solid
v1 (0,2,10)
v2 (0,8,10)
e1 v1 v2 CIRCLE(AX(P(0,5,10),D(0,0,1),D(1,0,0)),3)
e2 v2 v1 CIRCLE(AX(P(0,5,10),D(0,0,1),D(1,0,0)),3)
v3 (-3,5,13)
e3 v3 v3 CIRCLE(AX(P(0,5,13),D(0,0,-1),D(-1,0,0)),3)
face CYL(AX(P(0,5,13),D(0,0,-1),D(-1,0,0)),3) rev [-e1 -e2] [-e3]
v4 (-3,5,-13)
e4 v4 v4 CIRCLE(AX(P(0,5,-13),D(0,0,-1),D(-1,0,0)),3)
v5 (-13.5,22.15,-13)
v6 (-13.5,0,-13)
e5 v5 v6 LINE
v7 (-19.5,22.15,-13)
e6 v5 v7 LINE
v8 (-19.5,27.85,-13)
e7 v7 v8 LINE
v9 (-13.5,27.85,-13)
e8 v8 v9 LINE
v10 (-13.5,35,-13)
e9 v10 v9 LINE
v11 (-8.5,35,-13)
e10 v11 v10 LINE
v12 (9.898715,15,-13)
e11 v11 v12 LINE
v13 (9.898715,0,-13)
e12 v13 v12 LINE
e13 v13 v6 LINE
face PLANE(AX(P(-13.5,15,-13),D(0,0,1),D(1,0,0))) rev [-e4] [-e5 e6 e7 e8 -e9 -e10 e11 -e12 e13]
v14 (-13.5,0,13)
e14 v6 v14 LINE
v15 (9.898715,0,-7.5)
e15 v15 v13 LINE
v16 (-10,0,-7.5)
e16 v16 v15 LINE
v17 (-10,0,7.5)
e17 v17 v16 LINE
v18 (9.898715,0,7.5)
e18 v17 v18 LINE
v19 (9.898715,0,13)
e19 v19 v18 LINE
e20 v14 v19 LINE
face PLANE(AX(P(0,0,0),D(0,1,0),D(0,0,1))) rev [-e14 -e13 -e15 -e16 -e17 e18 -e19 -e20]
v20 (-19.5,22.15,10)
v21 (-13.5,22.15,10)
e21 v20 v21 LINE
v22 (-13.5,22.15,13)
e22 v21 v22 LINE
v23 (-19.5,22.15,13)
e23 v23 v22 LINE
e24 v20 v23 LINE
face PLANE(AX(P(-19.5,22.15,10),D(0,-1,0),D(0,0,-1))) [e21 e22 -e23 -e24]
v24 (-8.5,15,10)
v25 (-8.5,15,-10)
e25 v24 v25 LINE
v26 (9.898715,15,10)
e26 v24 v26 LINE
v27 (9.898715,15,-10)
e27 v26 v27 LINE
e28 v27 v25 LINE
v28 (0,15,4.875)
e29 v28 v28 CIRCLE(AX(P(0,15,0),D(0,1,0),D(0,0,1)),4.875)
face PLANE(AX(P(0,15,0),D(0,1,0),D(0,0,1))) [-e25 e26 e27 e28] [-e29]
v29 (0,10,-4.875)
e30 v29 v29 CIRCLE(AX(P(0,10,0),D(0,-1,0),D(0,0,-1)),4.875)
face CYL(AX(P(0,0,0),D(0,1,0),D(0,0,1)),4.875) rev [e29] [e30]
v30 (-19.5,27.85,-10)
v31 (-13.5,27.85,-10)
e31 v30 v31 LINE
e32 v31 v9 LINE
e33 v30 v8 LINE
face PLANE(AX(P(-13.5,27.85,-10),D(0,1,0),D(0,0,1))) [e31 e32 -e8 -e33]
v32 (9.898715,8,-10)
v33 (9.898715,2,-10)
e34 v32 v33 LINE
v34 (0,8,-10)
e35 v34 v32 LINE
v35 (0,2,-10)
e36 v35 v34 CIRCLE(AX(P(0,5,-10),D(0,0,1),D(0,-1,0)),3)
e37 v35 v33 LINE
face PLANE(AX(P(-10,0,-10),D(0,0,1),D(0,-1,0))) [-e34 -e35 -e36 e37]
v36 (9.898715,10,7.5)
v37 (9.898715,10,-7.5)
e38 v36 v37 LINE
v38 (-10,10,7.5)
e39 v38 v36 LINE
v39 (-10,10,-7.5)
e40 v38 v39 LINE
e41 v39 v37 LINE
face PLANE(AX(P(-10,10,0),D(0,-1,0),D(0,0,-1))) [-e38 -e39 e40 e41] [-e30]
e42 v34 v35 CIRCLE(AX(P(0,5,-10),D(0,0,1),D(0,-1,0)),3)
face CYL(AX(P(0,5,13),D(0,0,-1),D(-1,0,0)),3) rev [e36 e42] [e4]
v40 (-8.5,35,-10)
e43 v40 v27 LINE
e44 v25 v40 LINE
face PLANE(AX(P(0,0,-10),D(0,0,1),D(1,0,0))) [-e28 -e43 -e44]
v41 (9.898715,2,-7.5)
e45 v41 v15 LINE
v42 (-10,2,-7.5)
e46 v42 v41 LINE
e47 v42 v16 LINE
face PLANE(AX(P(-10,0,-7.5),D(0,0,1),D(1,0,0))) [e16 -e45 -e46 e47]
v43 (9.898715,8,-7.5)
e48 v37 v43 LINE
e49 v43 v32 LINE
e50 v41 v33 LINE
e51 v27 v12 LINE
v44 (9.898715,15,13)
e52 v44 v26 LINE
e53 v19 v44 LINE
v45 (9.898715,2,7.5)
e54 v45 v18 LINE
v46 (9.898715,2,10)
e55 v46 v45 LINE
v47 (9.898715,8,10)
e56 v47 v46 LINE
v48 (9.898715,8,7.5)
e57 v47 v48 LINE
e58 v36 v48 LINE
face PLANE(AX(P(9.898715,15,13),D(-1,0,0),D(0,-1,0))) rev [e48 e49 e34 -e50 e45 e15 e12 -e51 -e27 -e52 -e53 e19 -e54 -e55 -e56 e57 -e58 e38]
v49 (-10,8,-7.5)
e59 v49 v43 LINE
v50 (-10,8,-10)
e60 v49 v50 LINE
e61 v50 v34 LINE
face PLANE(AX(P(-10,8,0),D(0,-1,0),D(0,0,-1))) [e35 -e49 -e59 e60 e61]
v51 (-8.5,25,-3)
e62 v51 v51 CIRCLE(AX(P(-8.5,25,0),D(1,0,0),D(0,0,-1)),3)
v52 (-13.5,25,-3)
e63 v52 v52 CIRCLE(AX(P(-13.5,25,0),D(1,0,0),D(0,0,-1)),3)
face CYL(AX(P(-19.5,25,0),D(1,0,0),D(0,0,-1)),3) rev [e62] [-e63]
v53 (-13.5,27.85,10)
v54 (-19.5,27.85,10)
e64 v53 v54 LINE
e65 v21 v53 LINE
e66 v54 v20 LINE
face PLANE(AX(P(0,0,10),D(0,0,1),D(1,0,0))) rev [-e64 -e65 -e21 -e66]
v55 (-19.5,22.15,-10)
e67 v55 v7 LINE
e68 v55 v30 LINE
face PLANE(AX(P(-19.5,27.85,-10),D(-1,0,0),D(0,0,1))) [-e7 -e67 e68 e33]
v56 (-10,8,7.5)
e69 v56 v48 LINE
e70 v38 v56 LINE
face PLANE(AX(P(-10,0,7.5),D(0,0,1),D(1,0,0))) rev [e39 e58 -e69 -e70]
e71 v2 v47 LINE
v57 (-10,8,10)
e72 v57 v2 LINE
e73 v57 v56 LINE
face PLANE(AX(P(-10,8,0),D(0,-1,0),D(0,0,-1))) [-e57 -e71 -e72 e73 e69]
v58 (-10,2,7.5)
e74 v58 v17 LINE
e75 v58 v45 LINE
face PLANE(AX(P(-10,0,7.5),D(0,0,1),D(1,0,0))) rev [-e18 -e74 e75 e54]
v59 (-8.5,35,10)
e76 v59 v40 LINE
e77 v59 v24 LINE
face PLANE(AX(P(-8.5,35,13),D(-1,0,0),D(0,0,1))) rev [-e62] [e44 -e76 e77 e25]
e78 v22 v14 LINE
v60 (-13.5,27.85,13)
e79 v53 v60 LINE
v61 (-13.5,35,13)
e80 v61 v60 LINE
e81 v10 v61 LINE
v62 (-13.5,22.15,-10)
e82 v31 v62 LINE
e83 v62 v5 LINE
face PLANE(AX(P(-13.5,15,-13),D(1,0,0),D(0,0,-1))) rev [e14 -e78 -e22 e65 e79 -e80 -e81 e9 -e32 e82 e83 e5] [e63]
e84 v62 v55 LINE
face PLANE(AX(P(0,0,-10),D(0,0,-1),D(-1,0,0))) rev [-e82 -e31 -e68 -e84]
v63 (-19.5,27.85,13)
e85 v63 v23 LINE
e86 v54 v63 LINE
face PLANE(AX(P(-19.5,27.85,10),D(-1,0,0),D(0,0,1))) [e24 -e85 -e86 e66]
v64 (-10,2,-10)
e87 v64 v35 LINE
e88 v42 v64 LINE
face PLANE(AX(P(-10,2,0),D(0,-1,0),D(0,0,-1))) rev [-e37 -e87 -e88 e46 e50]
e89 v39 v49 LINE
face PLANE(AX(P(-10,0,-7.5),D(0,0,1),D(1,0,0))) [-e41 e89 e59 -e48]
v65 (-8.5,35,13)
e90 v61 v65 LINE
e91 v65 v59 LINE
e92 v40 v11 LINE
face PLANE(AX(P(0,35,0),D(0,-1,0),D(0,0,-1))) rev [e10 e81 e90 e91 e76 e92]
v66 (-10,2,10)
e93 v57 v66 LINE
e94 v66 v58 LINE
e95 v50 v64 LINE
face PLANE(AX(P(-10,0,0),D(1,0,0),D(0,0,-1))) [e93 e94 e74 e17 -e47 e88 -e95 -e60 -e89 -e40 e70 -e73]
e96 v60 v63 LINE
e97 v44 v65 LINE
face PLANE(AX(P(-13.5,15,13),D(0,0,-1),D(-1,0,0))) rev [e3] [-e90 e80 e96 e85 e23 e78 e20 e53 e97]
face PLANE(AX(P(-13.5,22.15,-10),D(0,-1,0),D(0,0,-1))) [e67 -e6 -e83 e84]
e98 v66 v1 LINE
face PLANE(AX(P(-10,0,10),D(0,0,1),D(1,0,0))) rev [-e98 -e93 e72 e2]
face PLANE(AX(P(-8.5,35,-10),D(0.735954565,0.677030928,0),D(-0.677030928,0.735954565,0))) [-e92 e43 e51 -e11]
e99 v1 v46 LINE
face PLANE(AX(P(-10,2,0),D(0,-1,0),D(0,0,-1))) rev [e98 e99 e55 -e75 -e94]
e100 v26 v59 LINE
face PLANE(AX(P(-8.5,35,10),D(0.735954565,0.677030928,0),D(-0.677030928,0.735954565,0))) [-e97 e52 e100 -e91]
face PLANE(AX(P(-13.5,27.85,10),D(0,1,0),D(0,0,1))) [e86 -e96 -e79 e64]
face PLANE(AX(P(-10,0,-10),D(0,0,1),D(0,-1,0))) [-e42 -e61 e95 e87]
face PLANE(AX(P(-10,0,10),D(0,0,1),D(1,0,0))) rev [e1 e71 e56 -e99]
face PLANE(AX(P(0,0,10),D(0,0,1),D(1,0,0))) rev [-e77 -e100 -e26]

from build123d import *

# Parameters (mm, degrees)
SKETCH1_W           = 27
SKETCH1_H           = 26
BOSS_EXTRUDE1_DEPTH = 15
CUT_EXTRUDE2_DEPTH  = 23.5
SKETCH5_W           = 3.601284645
SKETCH5_H           = 15
CUT_EXTRUDE3_DEPTH  = 33.912763482
SKETCH6_R           = 3
CUT_EXTRUDE4_DEPTH  = 33.912763482
SKETCH7_W           = 5
SKETCH7_H           = 26
BOSS_EXTRUDE2_DEPTH = 20
SKETCH8_W           = 6
SKETCH8_H           = 5.7
BOSS_EXTRUDE3_DEPTH = 3
SKETCH9_W           = 6
SKETCH9_H           = 5.7
BOSS_EXTRUDE4_DEPTH = 3
SKETCH10_R          = 3
CUT_EXTRUDE5_DEPTH  = 42.623463656
SKETCH11_R          = 4.875
CUT_EXTRUDE6_DEPTH  = 31.809901006


with BuildPart() as part:
    # Sketch1 → Boss-Extrude1 (new body)
    with BuildSketch(Plane(origin=(0, 0, 0), x_dir=(1, 0, 0), z_dir=(0, 1, 0))):
        Rectangle(SKETCH1_W, SKETCH1_H)
    extrude(amount=BOSS_EXTRUDE1_DEPTH)

    # Sketch4 → Cut-Extrude2 (cut)
    with BuildSketch(Plane(origin=(13.5, 0, 0), x_dir=(0, 0, -1), z_dir=(1, 0, 0))):
        Polygon((-10, 2), (-7.5, 2), (-7.5, 0), (7.5, 0), (7.5, 2), (10, 2), (10, 8), (7.5, 8), (7.5, 10), (-7.5, 10), (-7.5, 8), (-10, 8), align=None)
    extrude(amount=-CUT_EXTRUDE2_DEPTH, mode=Mode.SUBTRACT)

    # Sketch5 → Cut-Extrude3 (cut, through all)
    with BuildSketch(Plane(origin=(0, 0, -13), x_dir=(-1, 0, 0), z_dir=(0, 0, -1))):
        with Locations((-11.699357678, 7.5)):
            Rectangle(SKETCH5_W, SKETCH5_H)
    extrude(amount=-CUT_EXTRUDE3_DEPTH, mode=Mode.SUBTRACT)

    # Sketch6 → Cut-Extrude4 (cut, through all)
    with BuildSketch(Plane(origin=(0, 0, -13), x_dir=(-1, 0, 0), z_dir=(0, 0, -1))):
        with Locations((0, 5)):
            Circle(SKETCH6_R)
    extrude(amount=-CUT_EXTRUDE4_DEPTH, mode=Mode.SUBTRACT)

    # Sketch7 → Boss-Extrude2 (add)
    with BuildSketch(Plane(origin=(0, 15, 0), x_dir=(1, 0, 0), z_dir=(0, 1, 0))):
        with Locations((-11, 0)):
            Rectangle(SKETCH7_W, SKETCH7_H)
    extrude(amount=BOSS_EXTRUDE2_DEPTH)

    # Sketch8 → Boss-Extrude3 (add)
    with BuildSketch(Plane(origin=(0, 0, -13), x_dir=(-1, 0, 0), z_dir=(0, 0, -1))):
        Polygon((8.5, 35), (-9.898715355, 15), (8.5, 15), align=None)
        with Locations((16.5, 25)):
            Rectangle(SKETCH8_W, SKETCH8_H)
    extrude(amount=-BOSS_EXTRUDE3_DEPTH)

    # Sketch9 → Boss-Extrude4 (add)
    with BuildSketch(Plane.XY.offset(13)):
        Polygon((-8.5, 35), (9.898715355, 15), (-8.5, 15), align=None)
        with Locations((-16.5, 25)):
            Rectangle(SKETCH9_W, SKETCH9_H)
    extrude(amount=-BOSS_EXTRUDE4_DEPTH)

    # Sketch10 → Cut-Extrude5 (cut, through all)
    with BuildSketch(Plane(origin=(-8.5, 0, 0), x_dir=(0, 0, -1), z_dir=(1, 0, 0))):
        with Locations((0, 25)):
            Circle(SKETCH10_R)
    extrude(amount=-CUT_EXTRUDE5_DEPTH, mode=Mode.SUBTRACT)

    # Sketch11 → Cut-Extrude6 (cut, through all)
    with BuildSketch(Plane(origin=(0, 15, 0), x_dir=(1, 0, 0), z_dir=(0, 1, 0))):
        with Locations(Location((0, 0, 0), (0, 0, 270))):
            Circle(SKETCH11_R)
    extrude(amount=-CUT_EXTRUDE6_DEPTH, mode=Mode.SUBTRACT)


solid = part.part
